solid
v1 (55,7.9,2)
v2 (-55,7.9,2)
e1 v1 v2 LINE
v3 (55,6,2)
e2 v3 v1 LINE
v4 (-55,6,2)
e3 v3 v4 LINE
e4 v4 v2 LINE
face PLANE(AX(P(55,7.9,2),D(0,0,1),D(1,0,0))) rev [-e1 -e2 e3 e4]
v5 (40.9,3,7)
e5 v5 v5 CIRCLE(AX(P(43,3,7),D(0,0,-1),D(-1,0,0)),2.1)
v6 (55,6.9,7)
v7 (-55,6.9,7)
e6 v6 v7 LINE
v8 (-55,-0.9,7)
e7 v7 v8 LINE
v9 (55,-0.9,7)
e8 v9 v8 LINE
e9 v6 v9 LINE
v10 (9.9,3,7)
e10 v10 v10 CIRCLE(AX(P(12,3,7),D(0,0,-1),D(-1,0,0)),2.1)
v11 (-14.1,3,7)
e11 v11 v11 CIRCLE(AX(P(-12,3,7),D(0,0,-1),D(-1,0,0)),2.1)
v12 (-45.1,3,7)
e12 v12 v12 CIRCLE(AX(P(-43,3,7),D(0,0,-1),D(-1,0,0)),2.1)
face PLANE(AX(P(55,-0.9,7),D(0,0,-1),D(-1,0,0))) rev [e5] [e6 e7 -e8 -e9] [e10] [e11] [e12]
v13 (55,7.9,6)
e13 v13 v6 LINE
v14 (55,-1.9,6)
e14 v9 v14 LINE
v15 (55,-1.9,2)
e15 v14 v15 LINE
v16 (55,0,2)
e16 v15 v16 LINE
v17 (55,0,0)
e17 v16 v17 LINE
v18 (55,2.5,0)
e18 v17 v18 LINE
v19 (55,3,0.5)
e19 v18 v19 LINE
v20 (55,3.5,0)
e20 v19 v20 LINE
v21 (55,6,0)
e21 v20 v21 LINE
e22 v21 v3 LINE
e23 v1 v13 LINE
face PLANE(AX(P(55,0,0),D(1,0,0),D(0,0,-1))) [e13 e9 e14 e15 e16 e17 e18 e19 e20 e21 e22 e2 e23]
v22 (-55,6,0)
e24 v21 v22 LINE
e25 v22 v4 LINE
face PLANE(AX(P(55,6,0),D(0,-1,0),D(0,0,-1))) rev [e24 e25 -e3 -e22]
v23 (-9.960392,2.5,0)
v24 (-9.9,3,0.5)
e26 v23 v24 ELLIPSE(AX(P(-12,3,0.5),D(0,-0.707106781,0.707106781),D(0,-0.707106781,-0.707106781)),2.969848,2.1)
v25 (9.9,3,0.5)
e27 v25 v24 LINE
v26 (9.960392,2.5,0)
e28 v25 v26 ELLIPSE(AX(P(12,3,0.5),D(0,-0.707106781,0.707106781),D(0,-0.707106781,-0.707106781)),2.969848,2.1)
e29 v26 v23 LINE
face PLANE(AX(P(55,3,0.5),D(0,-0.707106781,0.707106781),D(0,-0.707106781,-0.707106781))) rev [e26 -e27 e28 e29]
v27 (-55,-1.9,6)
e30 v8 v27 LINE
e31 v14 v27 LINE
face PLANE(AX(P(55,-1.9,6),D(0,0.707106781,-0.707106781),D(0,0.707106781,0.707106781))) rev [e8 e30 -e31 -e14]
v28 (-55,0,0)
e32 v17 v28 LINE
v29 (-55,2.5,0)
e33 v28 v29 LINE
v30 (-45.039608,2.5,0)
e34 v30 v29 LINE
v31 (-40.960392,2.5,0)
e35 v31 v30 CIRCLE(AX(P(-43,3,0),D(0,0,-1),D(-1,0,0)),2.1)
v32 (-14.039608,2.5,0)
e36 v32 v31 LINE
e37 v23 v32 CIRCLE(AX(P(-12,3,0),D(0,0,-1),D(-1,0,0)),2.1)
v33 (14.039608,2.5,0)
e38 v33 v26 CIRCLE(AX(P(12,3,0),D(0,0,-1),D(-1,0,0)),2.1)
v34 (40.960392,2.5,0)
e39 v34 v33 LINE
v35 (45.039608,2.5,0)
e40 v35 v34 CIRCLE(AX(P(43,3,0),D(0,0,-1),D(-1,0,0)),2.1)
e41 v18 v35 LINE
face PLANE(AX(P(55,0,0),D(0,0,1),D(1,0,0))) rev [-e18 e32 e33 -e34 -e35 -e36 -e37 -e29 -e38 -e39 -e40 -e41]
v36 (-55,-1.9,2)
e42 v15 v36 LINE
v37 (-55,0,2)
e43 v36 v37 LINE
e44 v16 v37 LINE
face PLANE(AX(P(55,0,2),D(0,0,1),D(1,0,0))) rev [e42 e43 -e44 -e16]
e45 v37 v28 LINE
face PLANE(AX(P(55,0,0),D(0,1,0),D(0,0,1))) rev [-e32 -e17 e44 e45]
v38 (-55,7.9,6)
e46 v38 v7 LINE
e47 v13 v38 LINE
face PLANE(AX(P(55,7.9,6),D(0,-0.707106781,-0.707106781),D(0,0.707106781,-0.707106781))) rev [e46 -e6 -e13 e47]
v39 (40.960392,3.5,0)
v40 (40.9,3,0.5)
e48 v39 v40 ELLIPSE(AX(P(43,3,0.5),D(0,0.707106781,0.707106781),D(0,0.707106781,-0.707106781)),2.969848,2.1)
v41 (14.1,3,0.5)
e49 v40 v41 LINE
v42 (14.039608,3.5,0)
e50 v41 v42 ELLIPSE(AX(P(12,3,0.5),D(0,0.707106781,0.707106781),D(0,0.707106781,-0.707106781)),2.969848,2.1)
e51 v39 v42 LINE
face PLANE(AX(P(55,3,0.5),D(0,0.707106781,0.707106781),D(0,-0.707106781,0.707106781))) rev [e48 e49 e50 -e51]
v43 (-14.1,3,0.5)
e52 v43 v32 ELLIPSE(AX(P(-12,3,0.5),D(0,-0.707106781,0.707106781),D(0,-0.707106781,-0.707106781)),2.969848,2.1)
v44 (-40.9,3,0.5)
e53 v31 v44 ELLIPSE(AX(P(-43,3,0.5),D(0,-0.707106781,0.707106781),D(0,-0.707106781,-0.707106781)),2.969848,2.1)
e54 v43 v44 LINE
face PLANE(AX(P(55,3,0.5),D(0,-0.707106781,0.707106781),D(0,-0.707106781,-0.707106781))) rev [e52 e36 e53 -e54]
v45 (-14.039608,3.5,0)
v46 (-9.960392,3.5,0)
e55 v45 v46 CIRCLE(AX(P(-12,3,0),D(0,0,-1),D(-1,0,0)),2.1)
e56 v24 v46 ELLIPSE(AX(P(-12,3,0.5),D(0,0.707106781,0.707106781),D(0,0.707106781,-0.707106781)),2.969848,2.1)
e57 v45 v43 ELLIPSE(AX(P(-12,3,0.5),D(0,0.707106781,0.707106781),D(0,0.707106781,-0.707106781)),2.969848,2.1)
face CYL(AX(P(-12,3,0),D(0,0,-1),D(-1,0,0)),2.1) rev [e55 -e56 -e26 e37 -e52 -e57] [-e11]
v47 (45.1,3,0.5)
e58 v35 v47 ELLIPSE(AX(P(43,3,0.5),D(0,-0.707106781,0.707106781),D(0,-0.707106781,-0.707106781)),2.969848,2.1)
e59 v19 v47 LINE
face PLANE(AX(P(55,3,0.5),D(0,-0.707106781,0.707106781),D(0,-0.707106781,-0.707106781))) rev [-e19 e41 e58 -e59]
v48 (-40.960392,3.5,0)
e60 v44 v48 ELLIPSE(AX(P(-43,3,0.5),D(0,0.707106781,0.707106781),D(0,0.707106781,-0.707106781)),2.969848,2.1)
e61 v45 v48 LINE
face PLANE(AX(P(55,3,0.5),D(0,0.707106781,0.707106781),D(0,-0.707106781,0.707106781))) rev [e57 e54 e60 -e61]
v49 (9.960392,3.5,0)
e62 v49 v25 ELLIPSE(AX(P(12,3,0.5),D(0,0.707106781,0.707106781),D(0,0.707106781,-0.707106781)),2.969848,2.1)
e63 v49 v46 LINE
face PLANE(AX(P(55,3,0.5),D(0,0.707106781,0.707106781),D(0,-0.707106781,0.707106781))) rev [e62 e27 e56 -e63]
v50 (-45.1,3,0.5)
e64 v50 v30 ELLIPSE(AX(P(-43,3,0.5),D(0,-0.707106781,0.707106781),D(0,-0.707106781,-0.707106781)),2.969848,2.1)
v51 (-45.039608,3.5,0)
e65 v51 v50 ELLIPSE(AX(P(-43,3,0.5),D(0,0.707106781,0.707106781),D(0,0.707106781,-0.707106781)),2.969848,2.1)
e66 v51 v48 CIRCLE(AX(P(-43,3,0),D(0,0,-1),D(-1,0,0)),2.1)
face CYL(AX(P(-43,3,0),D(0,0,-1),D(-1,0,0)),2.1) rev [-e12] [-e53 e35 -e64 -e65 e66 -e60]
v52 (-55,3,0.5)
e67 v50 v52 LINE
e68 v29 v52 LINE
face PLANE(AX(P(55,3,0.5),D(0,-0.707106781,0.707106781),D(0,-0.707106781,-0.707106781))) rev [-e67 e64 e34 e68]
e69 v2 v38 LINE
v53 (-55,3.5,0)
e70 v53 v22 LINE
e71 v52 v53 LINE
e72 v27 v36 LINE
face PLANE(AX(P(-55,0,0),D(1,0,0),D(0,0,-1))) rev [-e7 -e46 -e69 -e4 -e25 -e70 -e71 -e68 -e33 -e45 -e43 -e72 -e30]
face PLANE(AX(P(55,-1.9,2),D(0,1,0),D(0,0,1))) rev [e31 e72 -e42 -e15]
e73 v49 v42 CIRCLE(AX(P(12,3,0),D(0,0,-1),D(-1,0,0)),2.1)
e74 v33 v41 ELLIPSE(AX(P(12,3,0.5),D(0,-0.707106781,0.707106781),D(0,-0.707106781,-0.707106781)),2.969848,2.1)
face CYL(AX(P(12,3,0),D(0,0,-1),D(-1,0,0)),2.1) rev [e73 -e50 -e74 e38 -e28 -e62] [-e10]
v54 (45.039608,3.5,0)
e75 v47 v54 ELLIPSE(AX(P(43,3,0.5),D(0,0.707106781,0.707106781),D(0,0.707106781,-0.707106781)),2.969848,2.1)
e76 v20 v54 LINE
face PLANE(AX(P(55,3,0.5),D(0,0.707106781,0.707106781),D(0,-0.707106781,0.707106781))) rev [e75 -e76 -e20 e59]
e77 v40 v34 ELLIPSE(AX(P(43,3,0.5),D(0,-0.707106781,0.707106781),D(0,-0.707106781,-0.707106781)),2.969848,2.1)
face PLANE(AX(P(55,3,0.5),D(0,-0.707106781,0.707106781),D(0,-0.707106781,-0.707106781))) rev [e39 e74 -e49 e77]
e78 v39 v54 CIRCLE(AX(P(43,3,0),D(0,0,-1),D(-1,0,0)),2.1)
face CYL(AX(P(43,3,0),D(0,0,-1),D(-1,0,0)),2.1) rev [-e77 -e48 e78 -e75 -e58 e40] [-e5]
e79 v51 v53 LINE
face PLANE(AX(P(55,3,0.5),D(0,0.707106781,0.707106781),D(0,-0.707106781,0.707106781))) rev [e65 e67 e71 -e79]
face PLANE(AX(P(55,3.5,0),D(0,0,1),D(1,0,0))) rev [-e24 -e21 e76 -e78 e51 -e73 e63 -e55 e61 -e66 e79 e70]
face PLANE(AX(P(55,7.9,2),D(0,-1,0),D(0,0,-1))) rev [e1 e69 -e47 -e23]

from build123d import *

# Parameters (mm, degrees)
EXTRUDE_1_DEPTH        = 55
HOLE_WIZARD_M5_1_D     = 4.2
HOLE_WIZARD_M5_1_DEPTH = 52.4
HOLE_WIZARD_M5_1_TIP   = 1.2618073


with BuildPart() as part:
    # 草图1 → 凸台-拉伸1 (new, symmetric)
    with BuildSketch(Plane(origin=(0, 0, 0), x_dir=(0, 0, -1), z_dir=(1, 0, 0))):
        Polygon((-7, -0.9), (-7, 6.9), (-6, 7.9), (-2, 7.9), (-2, 6), (0, 6), (0, 3.5), (-0.5, 3), (0, 2.5), (0, 0), (-2, 0), (-2, -1.9), (-6, -1.9), align=None)
    extrude(amount=EXTRUDE_1_DEPTH, both=True)

    # M5 螺纹孔1
    with Locations(Plane(origin=(43, 3, 0), x_dir=(-1, 0, 0), z_dir=(0, 0, -1))):
        with Locations((0, 0), (31, 0), (55, 0), (86, 0)):
            Hole(HOLE_WIZARD_M5_1_D / 2, depth=HOLE_WIZARD_M5_1_DEPTH)
            with Locations((0, 0, -(HOLE_WIZARD_M5_1_DEPTH + HOLE_WIZARD_M5_1_TIP / 2))):  # 118° drill point
                Cone(0, HOLE_WIZARD_M5_1_D / 2, HOLE_WIZARD_M5_1_TIP, mode=Mode.SUBTRACT)


solid = part.part
